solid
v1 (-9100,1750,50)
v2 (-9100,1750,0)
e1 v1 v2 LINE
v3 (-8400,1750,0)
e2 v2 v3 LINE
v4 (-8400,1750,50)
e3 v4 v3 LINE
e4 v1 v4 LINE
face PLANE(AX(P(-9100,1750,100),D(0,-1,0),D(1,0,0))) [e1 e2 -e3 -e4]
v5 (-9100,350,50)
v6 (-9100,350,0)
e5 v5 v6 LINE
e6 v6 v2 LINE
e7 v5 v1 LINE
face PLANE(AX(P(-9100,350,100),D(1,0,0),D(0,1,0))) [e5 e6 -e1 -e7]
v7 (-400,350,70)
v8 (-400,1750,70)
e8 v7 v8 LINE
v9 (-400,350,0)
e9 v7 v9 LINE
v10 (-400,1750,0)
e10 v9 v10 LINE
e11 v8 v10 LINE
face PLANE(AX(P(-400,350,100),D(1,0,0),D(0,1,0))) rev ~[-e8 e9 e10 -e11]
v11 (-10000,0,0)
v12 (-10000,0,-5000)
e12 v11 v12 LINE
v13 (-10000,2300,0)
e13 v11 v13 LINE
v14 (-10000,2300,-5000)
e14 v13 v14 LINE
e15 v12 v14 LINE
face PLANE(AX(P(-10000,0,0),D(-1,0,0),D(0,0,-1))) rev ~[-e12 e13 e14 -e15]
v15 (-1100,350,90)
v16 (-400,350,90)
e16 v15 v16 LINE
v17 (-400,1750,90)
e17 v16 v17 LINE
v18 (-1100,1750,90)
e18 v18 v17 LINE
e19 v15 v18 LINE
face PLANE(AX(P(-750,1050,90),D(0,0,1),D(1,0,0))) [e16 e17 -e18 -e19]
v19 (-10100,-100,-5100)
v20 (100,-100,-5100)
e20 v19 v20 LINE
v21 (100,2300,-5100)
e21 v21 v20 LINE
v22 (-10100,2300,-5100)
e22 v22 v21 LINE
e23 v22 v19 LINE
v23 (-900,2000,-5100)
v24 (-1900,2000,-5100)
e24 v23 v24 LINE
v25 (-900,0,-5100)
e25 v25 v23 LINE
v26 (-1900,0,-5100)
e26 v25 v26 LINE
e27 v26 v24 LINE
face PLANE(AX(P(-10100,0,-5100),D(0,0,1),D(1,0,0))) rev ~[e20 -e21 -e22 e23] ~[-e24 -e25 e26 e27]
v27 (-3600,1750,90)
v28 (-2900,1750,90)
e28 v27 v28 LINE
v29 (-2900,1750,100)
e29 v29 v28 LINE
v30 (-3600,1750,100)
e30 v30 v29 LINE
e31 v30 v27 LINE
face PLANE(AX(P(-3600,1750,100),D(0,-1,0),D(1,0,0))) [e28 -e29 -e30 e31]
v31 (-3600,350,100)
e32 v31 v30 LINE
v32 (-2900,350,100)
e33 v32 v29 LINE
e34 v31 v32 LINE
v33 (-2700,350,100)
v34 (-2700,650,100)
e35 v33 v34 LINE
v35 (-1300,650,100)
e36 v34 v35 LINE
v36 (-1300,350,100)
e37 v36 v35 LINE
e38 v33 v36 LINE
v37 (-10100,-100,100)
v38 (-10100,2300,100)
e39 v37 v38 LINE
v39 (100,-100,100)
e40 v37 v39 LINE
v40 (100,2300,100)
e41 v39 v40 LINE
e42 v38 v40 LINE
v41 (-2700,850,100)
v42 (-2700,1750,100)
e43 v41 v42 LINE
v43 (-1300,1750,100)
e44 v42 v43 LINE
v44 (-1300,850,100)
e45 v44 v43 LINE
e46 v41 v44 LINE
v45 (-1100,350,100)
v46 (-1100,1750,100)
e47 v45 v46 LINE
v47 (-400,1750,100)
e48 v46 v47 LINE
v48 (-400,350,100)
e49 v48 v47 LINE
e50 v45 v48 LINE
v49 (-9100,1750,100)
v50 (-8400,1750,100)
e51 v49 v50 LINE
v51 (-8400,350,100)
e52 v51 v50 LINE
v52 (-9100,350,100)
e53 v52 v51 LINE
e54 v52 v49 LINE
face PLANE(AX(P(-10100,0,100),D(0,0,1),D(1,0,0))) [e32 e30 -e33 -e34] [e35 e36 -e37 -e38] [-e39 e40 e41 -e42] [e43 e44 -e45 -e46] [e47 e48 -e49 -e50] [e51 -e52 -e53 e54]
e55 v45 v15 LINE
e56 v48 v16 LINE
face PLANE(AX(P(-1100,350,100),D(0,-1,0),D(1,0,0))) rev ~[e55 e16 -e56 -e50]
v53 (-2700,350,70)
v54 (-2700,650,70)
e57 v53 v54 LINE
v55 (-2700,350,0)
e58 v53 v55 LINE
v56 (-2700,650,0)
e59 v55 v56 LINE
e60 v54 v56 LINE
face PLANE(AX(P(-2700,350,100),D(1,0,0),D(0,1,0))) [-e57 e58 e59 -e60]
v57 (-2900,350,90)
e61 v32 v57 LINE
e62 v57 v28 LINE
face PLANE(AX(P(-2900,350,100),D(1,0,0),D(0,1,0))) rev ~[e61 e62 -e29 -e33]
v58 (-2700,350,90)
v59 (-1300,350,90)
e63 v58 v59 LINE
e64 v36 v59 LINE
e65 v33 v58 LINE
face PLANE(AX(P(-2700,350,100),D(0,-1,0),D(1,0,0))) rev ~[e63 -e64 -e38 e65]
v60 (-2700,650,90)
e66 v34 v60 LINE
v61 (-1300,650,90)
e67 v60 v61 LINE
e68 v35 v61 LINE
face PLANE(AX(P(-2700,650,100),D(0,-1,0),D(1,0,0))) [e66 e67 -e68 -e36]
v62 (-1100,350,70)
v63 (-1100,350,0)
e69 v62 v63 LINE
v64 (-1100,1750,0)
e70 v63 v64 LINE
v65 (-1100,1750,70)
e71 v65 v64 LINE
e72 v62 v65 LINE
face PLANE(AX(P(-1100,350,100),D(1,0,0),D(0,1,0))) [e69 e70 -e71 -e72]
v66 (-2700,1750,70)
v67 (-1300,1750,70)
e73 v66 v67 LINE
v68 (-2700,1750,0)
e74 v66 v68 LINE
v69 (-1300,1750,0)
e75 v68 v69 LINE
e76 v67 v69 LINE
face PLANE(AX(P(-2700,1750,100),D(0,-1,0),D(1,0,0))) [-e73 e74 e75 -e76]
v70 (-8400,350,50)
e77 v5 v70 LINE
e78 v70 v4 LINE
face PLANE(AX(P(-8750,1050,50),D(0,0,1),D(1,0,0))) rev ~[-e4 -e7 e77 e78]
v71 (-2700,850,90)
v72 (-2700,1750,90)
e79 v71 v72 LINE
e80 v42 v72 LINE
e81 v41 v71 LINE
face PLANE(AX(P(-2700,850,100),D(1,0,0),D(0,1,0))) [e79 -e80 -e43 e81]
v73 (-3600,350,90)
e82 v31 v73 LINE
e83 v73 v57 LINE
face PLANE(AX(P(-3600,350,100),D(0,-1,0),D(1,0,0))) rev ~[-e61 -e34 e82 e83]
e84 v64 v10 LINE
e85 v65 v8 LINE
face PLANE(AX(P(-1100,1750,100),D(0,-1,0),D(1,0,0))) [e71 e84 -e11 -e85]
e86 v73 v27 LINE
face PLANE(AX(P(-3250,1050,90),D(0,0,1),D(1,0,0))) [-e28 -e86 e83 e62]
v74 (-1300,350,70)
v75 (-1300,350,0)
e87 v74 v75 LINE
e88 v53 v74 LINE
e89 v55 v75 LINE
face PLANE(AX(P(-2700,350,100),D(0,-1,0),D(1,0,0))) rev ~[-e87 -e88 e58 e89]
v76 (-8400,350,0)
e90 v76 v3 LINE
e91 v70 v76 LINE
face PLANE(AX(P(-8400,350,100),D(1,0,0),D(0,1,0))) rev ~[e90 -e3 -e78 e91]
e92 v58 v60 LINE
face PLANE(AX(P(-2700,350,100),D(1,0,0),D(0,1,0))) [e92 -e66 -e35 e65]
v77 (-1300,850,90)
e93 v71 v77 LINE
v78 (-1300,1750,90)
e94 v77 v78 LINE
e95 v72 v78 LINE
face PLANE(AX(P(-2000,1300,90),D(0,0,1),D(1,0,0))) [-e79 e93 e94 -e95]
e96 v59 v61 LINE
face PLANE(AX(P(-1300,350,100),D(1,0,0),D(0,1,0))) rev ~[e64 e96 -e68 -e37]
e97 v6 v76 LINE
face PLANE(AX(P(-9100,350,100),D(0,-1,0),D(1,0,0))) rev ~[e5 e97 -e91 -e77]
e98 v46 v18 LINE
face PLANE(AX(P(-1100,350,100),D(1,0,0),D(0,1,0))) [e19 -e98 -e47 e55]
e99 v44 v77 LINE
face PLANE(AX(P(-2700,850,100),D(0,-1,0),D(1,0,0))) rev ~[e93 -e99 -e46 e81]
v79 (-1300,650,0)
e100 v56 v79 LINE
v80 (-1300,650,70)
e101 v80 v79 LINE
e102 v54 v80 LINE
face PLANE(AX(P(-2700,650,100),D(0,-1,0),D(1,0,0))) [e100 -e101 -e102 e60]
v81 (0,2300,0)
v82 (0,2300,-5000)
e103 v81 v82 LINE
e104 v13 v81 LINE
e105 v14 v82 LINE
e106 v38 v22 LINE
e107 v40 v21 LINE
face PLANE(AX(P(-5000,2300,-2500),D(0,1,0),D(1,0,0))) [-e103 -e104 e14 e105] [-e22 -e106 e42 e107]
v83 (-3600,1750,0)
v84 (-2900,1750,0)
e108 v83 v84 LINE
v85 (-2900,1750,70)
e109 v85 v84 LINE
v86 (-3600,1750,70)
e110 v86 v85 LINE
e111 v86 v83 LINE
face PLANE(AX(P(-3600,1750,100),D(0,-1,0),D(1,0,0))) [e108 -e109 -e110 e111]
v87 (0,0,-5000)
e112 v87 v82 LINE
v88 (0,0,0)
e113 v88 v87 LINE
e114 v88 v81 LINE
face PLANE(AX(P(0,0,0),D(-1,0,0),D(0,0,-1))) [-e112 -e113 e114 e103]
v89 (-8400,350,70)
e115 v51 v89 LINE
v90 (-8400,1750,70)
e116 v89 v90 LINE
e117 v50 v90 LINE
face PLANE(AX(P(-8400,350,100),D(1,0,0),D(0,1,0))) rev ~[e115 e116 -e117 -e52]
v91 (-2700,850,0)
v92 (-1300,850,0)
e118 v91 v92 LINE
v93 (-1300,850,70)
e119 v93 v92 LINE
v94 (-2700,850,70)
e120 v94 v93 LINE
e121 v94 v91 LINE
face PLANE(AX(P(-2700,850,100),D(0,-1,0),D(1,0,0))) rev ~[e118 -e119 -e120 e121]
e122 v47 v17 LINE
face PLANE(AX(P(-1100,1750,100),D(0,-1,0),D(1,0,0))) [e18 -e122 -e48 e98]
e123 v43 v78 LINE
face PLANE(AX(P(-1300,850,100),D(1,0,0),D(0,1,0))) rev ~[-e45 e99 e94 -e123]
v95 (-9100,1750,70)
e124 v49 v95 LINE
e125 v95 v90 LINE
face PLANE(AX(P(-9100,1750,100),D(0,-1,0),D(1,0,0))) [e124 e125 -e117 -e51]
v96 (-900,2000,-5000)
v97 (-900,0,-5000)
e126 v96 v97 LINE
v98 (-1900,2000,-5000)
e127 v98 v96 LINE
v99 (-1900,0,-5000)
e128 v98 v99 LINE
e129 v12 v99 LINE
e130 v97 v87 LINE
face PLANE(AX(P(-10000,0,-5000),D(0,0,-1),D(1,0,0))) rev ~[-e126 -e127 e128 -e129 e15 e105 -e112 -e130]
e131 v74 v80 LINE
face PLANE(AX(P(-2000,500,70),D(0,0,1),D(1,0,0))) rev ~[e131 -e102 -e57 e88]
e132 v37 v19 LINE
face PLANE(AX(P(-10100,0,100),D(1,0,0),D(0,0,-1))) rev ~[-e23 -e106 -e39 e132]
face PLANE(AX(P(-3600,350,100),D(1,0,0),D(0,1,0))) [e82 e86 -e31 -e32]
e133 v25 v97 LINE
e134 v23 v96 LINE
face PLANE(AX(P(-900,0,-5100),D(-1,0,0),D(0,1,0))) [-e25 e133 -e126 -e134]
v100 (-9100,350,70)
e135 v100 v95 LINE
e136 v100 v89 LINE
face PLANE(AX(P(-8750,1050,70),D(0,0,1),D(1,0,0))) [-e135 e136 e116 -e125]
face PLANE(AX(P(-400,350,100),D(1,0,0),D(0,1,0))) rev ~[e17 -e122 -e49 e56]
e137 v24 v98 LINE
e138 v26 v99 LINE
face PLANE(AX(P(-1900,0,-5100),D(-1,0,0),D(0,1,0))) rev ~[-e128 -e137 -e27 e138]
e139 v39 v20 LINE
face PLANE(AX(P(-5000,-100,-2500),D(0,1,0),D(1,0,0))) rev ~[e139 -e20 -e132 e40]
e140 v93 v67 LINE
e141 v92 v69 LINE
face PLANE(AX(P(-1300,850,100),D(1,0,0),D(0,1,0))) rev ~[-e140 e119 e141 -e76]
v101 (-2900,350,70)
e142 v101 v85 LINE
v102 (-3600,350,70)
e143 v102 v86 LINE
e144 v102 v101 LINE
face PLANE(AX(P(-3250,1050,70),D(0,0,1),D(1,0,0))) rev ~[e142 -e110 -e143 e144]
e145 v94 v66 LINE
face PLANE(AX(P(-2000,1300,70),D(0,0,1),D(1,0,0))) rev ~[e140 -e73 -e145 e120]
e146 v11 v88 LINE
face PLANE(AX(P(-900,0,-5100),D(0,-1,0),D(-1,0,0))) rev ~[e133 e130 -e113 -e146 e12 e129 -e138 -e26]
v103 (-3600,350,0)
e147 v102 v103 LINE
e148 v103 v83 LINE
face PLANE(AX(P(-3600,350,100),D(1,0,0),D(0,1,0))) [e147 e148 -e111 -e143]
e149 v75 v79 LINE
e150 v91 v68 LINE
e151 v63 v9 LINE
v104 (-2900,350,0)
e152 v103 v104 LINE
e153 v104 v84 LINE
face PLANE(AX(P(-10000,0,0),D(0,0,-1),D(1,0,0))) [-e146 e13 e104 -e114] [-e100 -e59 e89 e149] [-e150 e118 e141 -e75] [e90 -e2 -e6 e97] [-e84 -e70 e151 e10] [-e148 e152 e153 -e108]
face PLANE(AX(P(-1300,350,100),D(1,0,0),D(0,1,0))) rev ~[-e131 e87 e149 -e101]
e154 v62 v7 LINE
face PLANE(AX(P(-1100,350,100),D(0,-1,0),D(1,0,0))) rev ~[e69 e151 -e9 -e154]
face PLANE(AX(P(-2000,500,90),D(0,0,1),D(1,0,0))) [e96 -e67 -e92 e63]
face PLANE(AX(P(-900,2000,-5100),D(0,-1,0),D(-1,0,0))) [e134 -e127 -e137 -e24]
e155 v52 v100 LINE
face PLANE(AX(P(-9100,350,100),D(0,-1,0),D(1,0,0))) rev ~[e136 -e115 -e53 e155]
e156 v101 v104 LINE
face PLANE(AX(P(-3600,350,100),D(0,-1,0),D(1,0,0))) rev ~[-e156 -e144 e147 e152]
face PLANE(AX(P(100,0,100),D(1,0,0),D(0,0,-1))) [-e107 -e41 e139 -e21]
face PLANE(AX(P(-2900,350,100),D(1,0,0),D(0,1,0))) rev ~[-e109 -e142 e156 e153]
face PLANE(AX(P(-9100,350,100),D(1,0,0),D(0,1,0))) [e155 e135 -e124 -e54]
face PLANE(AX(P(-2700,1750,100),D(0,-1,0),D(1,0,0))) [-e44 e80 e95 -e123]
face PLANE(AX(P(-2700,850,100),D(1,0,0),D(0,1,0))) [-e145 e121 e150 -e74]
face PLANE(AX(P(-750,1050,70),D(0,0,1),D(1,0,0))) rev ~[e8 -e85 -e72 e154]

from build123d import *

# Parameters (mm, degrees)
SKETCH1_W           = 10200
SKETCH1_H           = 5200
SKETCH1_W_2         = 10000
SKETCH1_H_2         = 5000
BOSS_EXTRUDE1_DEPTH = 2300
SKETCH2_W           = 10200
SKETCH2_H           = 5200
BOSS_EXTRUDE2_DEPTH = 100
CUT_EXTRUDE1_REACH  = 11592.513
SKETCH3_W           = 700
SKETCH3_H           = 1400
SKETCH3_W_2         = 1400
SKETCH3_H_2         = 900
SKETCH3_H_3         = 300
SKETCH5_W           = 700
SKETCH5_H           = 1400
SKETCH5_W_2         = 1400
SKETCH5_H_2         = 900
SKETCH5_H_3         = 300
BOSS_EXTRUDE5_DEPTH = 20
CUT_EXTRUDE2_REACH  = 11592.513
SKETCH6_W           = 700
SKETCH6_H           = 1400
SKETCH7_W           = 700
SKETCH7_H           = 1400
BOSS_EXTRUDE6_DEPTH = 20
CUT_EXTRUDE3_REACH  = 11592.513
SKETCH8_W           = 1000
SKETCH8_H           = 2000


with BuildPart() as part:
    # Sketch1 → Boss-Extrude1 (new body)
    with BuildSketch(Plane(origin=(0, 0, 0), x_dir=(1, 0, 0), z_dir=(0, 1, 0))):
        with Locations((-5000, 2500)):
            Rectangle(SKETCH1_W, SKETCH1_H)
        with Locations((-5000, 2500)):
            Rectangle(SKETCH1_W_2, SKETCH1_H_2, mode=Mode.SUBTRACT)
    extrude(amount=BOSS_EXTRUDE1_DEPTH)

    # Sketch2 → Boss-Extrude2 (add)
    with BuildSketch(Plane(origin=(0, 0, 0), x_dir=(1, 0, 0), z_dir=(0, 1, 0))):
        with Locations((-5000, 2500)):
            Rectangle(SKETCH2_W, SKETCH2_H)
    extrude(amount=-BOSS_EXTRUDE2_DEPTH)

    # Sketch3 → Cut-Extrude1 (cut, up to next)
    with BuildSketch(Plane.XY.offset(100), mode=Mode.PRIVATE) as cut_extrude1_sk1:
        with Locations((-750, 1050)):
            Rectangle(SKETCH3_W, SKETCH3_H)
    cut_extrude1_tool1 = extrude(cut_extrude1_sk1.sketch, amount=-CUT_EXTRUDE1_REACH, mode=Mode.PRIVATE) & part.part
    # Sketch3 → Cut-Extrude1 (cut, up to next)
    with BuildSketch(Plane.XY.offset(100), mode=Mode.PRIVATE) as cut_extrude1_sk2:
        with Locations((-2000, 1300)):
            Rectangle(SKETCH3_W_2, SKETCH3_H_2)
    cut_extrude1_tool2 = extrude(cut_extrude1_sk2.sketch, amount=-CUT_EXTRUDE1_REACH, mode=Mode.PRIVATE) & part.part
    # Sketch3 → Cut-Extrude1 (cut, up to next)
    with BuildSketch(Plane.XY.offset(100), mode=Mode.PRIVATE) as cut_extrude1_sk3:
        with Locations((-2000, 500)):
            Rectangle(SKETCH3_W_2, SKETCH3_H_3)
    cut_extrude1_tool3 = extrude(cut_extrude1_sk3.sketch, amount=-CUT_EXTRUDE1_REACH, mode=Mode.PRIVATE) & part.part
    # Sketch3 → Cut-Extrude1 (cut, up to next)
    with BuildSketch(Plane.XY.offset(100), mode=Mode.PRIVATE) as cut_extrude1_sk4:
        with Locations((-3250, 1050)):
            Rectangle(SKETCH3_W, SKETCH3_H)
    cut_extrude1_tool4 = extrude(cut_extrude1_sk4.sketch, amount=-CUT_EXTRUDE1_REACH, mode=Mode.PRIVATE) & part.part
    add(cut_extrude1_tool1.solids().sort_by_distance((-750, 1050, 100))[0], mode=Mode.SUBTRACT)
    add(cut_extrude1_tool2.solids().sort_by_distance((-2000, 1300, 100))[0], mode=Mode.SUBTRACT)
    add(cut_extrude1_tool3.solids().sort_by_distance((-2000, 500, 100))[0], mode=Mode.SUBTRACT)
    add(cut_extrude1_tool4.solids().sort_by_distance((-3250, 1050, 100))[0], mode=Mode.SUBTRACT)

    # Sketch5 → Boss-Extrude5 (add)
    with BuildSketch(Plane.XY.offset(70)):
        with Locations((-3250, 1050)):
            Rectangle(SKETCH5_W, SKETCH5_H)
        with Locations((-2000, 1300)):
            Rectangle(SKETCH5_W_2, SKETCH5_H_2)
        with Locations((-2000, 500)):
            Rectangle(SKETCH5_W_2, SKETCH5_H_3)
        with Locations((-750, 1050)):
            Rectangle(SKETCH5_W, SKETCH5_H)
    extrude(amount=BOSS_EXTRUDE5_DEPTH)

    # Sketch6 → Cut-Extrude2 (cut, up to next)
    with BuildSketch(Plane.XY.offset(100), mode=Mode.PRIVATE) as cut_extrude2_sk1:
        with Locations((-8750, 1050)):
            Rectangle(SKETCH6_W, SKETCH6_H)
    cut_extrude2_tool1 = extrude(cut_extrude2_sk1.sketch, amount=-CUT_EXTRUDE2_REACH, mode=Mode.PRIVATE) & part.part
    add(cut_extrude2_tool1.solids().sort_by_distance((-8750, 1050, 100))[0], mode=Mode.SUBTRACT)

    # Sketch7 → Boss-Extrude6 (add)
    with BuildSketch(Plane.XY.offset(70)):
        with Locations((-8750, 1050)):
            Rectangle(SKETCH7_W, SKETCH7_H)
    extrude(amount=-BOSS_EXTRUDE6_DEPTH)

    # Sketch8 → Cut-Extrude3 (cut, up to next)
    with BuildSketch(Plane(origin=(0, 0, -5100), x_dir=(-1, 0, 0), z_dir=(0, 0, -1)), mode=Mode.PRIVATE) as cut_extrude3_sk1:
        with Locations((1400, 1000)):
            Rectangle(SKETCH8_W, SKETCH8_H)
    cut_extrude3_tool1 = extrude(cut_extrude3_sk1.sketch, amount=-CUT_EXTRUDE3_REACH, mode=Mode.PRIVATE) & part.part
    add(cut_extrude3_tool1.solids().sort_by_distance((-1400, 1000, -5100))[0], mode=Mode.SUBTRACT)


solid = part.part
